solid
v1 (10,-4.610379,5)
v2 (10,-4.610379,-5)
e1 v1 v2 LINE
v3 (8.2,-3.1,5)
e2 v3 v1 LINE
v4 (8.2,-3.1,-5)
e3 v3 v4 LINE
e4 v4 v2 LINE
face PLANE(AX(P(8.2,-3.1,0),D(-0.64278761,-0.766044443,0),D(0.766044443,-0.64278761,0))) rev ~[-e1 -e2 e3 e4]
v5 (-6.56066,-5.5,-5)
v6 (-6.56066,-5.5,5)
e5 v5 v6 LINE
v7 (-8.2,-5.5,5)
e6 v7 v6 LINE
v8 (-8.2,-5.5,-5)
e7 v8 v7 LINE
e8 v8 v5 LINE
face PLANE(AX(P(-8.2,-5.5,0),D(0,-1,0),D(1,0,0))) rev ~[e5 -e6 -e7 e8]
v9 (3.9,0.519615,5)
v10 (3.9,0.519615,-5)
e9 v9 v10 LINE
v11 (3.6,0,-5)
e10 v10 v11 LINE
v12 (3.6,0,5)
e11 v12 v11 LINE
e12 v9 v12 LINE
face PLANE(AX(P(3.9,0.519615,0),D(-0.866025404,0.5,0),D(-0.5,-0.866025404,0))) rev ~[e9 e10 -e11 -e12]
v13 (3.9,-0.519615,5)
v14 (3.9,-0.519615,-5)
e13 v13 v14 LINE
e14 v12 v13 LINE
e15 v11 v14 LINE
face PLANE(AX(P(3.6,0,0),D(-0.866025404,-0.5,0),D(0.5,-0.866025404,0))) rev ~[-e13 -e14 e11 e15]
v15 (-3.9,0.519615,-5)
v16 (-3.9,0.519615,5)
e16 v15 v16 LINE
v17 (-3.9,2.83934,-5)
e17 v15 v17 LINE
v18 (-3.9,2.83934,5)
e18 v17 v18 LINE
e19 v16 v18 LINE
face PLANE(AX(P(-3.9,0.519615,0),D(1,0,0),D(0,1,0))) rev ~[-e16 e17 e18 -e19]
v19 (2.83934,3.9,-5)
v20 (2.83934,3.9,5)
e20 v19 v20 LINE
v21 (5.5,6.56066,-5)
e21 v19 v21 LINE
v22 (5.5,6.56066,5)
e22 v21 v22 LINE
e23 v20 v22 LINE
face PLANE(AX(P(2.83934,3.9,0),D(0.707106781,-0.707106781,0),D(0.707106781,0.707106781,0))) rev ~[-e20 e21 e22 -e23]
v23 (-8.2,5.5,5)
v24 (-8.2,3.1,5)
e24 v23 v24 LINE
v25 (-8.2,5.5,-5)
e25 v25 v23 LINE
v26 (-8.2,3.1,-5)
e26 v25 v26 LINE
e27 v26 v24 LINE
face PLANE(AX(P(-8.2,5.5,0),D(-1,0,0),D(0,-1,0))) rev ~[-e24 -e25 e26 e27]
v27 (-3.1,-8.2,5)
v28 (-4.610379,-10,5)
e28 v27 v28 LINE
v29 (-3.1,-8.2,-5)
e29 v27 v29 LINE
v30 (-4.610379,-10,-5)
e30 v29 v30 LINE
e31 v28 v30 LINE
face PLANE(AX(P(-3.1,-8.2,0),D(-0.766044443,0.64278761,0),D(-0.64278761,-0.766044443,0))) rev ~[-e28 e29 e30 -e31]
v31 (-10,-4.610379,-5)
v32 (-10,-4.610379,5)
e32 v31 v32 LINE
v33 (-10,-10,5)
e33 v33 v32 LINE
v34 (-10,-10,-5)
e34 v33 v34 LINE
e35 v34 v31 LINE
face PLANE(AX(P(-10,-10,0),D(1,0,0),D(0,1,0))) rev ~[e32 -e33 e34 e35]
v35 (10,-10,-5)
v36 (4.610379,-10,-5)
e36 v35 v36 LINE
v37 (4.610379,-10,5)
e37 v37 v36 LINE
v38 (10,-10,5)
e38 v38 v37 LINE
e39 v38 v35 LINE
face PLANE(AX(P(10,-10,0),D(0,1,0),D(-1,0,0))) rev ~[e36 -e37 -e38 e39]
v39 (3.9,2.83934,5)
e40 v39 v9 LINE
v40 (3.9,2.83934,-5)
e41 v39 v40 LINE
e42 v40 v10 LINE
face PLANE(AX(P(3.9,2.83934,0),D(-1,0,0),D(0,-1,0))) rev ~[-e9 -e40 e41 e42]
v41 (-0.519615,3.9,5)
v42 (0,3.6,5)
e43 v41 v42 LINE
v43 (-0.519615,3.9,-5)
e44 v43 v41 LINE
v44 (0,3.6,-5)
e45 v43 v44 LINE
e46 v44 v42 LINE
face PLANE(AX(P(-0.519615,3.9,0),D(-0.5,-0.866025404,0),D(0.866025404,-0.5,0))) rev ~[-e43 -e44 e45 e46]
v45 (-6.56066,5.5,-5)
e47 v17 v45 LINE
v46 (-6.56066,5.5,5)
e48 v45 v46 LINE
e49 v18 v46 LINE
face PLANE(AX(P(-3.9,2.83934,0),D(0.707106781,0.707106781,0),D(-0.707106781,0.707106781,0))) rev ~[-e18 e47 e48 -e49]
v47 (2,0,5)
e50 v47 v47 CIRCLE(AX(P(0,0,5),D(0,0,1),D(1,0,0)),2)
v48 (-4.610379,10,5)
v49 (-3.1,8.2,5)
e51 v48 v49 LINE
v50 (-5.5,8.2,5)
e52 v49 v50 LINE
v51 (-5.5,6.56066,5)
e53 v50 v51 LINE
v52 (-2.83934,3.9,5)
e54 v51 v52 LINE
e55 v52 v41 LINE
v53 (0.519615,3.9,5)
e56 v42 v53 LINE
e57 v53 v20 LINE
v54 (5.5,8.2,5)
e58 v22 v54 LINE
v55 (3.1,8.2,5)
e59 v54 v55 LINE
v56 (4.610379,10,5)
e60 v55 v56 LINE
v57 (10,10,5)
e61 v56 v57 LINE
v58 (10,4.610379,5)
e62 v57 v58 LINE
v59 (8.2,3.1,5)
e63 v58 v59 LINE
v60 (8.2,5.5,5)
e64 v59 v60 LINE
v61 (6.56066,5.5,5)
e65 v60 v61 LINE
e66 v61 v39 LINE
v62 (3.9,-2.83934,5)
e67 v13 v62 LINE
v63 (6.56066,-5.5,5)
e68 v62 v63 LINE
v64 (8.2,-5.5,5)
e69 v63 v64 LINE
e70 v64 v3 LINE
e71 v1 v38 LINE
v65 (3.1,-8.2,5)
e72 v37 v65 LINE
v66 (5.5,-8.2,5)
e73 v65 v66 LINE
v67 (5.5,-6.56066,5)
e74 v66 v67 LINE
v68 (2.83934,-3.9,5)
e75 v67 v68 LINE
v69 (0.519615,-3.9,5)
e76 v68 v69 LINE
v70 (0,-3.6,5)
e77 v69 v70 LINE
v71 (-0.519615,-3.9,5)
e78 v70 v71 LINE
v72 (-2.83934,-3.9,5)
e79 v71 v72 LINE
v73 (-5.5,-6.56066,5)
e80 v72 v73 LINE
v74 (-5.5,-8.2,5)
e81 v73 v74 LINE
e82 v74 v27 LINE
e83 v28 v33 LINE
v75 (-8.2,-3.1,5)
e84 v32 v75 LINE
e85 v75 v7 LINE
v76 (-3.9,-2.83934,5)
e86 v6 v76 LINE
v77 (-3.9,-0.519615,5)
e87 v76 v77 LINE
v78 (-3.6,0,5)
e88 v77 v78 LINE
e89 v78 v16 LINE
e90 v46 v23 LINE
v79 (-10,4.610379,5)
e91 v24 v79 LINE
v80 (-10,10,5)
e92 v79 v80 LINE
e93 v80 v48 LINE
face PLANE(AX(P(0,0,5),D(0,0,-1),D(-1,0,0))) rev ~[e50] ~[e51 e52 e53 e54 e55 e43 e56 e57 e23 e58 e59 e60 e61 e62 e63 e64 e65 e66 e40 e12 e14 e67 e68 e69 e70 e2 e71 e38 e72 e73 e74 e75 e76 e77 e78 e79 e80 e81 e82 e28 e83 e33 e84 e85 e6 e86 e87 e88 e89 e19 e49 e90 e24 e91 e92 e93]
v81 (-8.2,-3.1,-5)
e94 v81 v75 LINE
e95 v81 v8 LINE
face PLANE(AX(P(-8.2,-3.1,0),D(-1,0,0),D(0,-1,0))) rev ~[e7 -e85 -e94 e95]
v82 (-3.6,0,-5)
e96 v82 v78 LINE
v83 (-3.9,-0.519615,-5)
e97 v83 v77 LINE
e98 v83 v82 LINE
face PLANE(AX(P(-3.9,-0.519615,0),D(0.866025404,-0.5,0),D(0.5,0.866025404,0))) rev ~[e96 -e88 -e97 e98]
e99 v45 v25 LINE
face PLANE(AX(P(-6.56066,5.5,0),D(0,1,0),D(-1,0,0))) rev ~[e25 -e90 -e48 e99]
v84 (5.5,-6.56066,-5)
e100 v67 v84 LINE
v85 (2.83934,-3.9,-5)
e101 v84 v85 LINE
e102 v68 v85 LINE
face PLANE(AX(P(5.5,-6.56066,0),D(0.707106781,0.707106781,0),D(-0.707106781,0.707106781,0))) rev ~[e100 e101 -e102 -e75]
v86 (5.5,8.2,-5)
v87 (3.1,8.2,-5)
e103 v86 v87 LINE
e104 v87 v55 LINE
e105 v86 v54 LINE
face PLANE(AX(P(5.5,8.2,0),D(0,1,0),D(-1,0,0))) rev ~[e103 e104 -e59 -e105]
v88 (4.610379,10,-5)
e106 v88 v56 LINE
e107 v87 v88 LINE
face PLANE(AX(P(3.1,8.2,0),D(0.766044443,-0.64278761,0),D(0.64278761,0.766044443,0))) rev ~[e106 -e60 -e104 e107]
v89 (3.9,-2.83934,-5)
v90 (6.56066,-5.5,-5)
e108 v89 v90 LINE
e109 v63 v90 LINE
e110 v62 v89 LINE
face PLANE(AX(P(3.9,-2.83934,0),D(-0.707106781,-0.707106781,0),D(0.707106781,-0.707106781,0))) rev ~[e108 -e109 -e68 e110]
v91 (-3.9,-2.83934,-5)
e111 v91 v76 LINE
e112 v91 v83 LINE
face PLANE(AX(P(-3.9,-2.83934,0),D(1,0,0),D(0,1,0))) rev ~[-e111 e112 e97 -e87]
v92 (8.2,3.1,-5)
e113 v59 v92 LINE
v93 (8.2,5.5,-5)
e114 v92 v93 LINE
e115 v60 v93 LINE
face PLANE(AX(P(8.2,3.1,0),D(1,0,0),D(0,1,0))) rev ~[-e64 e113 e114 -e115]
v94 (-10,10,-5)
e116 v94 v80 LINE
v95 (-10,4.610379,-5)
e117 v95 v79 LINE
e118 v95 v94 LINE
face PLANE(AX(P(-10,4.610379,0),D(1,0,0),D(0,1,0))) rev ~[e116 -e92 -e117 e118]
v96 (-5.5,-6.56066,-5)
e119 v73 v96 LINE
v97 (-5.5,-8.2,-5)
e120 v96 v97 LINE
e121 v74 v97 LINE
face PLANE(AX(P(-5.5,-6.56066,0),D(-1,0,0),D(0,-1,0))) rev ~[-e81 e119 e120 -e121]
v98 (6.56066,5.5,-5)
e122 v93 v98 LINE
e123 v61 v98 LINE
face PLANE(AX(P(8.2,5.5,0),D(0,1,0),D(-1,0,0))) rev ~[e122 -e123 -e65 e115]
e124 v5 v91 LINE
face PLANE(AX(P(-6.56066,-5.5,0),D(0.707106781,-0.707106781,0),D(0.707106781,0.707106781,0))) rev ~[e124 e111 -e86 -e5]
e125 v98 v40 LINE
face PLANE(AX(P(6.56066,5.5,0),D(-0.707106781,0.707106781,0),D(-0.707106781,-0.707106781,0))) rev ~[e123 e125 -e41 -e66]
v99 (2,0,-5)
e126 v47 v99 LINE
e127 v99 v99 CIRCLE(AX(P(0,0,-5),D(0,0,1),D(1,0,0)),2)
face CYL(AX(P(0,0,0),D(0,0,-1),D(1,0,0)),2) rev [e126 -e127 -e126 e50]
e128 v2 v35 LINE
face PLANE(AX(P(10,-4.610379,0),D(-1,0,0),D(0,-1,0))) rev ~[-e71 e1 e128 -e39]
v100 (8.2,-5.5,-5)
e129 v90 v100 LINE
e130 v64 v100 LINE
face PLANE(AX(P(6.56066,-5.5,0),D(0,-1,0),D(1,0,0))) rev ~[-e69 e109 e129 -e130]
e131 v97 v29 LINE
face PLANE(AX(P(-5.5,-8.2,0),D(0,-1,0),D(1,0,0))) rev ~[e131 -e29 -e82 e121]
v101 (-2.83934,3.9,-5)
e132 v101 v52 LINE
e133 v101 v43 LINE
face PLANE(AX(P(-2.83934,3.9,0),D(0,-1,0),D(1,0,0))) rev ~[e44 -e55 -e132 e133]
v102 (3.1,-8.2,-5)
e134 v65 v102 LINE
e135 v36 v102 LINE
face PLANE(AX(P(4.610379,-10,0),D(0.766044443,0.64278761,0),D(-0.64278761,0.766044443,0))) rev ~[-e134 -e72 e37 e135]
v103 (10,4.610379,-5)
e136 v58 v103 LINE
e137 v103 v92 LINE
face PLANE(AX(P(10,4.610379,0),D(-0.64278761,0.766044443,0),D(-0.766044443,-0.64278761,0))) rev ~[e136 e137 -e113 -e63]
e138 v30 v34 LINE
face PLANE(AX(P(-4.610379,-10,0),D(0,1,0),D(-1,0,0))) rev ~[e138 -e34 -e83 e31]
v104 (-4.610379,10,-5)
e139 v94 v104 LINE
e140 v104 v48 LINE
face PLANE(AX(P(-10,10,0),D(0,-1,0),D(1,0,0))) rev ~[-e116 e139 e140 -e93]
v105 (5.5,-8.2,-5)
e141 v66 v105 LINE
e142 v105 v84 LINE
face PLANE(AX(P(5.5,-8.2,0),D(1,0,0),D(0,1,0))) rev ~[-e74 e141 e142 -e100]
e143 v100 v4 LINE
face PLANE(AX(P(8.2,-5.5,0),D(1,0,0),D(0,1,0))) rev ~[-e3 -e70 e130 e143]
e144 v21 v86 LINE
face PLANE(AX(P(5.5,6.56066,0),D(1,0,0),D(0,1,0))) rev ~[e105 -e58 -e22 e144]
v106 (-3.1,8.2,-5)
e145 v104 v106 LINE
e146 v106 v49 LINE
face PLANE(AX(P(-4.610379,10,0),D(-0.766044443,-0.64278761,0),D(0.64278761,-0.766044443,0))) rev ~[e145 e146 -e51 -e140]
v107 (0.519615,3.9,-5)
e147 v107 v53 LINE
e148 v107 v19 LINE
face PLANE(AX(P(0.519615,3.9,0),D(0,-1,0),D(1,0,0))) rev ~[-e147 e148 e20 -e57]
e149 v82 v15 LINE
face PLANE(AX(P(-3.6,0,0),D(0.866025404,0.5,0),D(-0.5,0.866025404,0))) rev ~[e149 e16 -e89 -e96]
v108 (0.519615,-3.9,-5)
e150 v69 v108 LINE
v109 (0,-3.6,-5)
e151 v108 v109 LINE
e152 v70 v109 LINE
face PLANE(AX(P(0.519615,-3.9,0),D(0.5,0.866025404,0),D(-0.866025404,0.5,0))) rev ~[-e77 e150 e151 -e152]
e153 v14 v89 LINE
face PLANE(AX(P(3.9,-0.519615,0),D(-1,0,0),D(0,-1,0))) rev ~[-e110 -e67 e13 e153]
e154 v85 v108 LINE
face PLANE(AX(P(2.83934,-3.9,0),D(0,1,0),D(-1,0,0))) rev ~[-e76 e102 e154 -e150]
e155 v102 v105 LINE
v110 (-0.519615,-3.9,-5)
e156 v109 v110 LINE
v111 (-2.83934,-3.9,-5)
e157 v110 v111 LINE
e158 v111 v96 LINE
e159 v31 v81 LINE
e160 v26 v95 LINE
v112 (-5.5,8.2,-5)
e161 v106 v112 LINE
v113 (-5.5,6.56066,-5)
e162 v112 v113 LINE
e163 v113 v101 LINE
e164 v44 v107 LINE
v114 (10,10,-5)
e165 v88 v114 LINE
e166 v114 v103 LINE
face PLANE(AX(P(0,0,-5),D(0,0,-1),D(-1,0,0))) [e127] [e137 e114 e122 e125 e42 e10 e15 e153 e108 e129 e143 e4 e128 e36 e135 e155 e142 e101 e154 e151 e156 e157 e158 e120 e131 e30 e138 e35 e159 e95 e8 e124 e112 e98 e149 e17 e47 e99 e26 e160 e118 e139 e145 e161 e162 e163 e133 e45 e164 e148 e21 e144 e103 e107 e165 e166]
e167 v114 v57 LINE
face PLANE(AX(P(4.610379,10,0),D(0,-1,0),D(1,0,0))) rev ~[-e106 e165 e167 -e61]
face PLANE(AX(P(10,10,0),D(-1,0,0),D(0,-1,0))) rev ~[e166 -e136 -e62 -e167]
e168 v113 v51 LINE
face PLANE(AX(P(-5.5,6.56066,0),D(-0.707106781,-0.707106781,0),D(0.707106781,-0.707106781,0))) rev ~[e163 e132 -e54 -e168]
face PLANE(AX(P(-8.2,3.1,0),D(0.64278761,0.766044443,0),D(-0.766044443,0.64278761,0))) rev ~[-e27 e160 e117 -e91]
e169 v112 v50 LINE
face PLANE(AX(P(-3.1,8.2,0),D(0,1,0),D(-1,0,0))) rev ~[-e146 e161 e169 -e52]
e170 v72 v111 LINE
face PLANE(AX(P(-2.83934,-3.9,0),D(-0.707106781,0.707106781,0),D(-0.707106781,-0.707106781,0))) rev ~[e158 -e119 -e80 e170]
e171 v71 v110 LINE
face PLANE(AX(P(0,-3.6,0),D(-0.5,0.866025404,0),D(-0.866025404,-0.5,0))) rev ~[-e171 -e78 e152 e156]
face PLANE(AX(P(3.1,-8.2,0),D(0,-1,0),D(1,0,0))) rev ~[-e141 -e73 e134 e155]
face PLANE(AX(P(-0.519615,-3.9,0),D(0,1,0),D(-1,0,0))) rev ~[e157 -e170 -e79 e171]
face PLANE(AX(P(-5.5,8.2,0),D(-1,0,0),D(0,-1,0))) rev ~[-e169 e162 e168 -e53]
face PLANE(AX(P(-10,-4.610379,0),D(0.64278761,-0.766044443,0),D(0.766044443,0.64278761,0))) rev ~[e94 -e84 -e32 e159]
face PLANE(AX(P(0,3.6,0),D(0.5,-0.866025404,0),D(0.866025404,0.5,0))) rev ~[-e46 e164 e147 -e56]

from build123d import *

# Parameters (mm, degrees)
SKETCH1_R           = 2
BOSS_EXTRUDE1_DEPTH = 5


with BuildPart() as part:
    # Sketch1 → Boss-Extrude1 (new, symmetric)
    with BuildSketch(Plane.XY):
        Polygon((10, 10), (10, 4.610379336), (8.2, 3.1), (8.2, 5.5), (6.560660172, 5.5), (3.9, 2.839339828), (3.9, 0.519615242), (3.6, 0), (3.9, -0.519615242), (3.9, -2.839339828), (6.560660172, -5.5), (8.2, -5.5), (8.2, -3.1), (10, -4.610379336), (10, -10), (4.610379336, -10), (3.1, -8.2), (5.5, -8.2), (5.5, -6.560660172), (2.839339828, -3.9), (0.519615242, -3.9), (0, -3.6), (-0.519615242, -3.9), (-2.839339828, -3.9), (-5.5, -6.560660172), (-5.5, -8.2), (-3.1, -8.2), (-4.610379336, -10), (-10, -10), (-10, -4.610379336), (-8.2, -3.1), (-8.2, -5.5), (-6.560660172, -5.5), (-3.9, -2.839339828), (-3.9, -0.519615242), (-3.6, 0), (-3.9, 0.519615242), (-3.9, 2.839339828), (-6.560660172, 5.5), (-8.2, 5.5), (-8.2, 3.1), (-10, 4.610379336), (-10, 10), (-4.610379336, 10), (-3.1, 8.2), (-5.5, 8.2), (-5.5, 6.560660172), (-2.839339828, 3.9), (-0.519615242, 3.9), (0, 3.6), (0.519615242, 3.9), (2.839339828, 3.9), (5.5, 6.560660172), (5.5, 8.2), (3.1, 8.2), (4.610379336, 10), align=None)
        Circle(SKETCH1_R, mode=Mode.SUBTRACT)
    extrude(amount=BOSS_EXTRUDE1_DEPTH, both=True)


solid = part.part
